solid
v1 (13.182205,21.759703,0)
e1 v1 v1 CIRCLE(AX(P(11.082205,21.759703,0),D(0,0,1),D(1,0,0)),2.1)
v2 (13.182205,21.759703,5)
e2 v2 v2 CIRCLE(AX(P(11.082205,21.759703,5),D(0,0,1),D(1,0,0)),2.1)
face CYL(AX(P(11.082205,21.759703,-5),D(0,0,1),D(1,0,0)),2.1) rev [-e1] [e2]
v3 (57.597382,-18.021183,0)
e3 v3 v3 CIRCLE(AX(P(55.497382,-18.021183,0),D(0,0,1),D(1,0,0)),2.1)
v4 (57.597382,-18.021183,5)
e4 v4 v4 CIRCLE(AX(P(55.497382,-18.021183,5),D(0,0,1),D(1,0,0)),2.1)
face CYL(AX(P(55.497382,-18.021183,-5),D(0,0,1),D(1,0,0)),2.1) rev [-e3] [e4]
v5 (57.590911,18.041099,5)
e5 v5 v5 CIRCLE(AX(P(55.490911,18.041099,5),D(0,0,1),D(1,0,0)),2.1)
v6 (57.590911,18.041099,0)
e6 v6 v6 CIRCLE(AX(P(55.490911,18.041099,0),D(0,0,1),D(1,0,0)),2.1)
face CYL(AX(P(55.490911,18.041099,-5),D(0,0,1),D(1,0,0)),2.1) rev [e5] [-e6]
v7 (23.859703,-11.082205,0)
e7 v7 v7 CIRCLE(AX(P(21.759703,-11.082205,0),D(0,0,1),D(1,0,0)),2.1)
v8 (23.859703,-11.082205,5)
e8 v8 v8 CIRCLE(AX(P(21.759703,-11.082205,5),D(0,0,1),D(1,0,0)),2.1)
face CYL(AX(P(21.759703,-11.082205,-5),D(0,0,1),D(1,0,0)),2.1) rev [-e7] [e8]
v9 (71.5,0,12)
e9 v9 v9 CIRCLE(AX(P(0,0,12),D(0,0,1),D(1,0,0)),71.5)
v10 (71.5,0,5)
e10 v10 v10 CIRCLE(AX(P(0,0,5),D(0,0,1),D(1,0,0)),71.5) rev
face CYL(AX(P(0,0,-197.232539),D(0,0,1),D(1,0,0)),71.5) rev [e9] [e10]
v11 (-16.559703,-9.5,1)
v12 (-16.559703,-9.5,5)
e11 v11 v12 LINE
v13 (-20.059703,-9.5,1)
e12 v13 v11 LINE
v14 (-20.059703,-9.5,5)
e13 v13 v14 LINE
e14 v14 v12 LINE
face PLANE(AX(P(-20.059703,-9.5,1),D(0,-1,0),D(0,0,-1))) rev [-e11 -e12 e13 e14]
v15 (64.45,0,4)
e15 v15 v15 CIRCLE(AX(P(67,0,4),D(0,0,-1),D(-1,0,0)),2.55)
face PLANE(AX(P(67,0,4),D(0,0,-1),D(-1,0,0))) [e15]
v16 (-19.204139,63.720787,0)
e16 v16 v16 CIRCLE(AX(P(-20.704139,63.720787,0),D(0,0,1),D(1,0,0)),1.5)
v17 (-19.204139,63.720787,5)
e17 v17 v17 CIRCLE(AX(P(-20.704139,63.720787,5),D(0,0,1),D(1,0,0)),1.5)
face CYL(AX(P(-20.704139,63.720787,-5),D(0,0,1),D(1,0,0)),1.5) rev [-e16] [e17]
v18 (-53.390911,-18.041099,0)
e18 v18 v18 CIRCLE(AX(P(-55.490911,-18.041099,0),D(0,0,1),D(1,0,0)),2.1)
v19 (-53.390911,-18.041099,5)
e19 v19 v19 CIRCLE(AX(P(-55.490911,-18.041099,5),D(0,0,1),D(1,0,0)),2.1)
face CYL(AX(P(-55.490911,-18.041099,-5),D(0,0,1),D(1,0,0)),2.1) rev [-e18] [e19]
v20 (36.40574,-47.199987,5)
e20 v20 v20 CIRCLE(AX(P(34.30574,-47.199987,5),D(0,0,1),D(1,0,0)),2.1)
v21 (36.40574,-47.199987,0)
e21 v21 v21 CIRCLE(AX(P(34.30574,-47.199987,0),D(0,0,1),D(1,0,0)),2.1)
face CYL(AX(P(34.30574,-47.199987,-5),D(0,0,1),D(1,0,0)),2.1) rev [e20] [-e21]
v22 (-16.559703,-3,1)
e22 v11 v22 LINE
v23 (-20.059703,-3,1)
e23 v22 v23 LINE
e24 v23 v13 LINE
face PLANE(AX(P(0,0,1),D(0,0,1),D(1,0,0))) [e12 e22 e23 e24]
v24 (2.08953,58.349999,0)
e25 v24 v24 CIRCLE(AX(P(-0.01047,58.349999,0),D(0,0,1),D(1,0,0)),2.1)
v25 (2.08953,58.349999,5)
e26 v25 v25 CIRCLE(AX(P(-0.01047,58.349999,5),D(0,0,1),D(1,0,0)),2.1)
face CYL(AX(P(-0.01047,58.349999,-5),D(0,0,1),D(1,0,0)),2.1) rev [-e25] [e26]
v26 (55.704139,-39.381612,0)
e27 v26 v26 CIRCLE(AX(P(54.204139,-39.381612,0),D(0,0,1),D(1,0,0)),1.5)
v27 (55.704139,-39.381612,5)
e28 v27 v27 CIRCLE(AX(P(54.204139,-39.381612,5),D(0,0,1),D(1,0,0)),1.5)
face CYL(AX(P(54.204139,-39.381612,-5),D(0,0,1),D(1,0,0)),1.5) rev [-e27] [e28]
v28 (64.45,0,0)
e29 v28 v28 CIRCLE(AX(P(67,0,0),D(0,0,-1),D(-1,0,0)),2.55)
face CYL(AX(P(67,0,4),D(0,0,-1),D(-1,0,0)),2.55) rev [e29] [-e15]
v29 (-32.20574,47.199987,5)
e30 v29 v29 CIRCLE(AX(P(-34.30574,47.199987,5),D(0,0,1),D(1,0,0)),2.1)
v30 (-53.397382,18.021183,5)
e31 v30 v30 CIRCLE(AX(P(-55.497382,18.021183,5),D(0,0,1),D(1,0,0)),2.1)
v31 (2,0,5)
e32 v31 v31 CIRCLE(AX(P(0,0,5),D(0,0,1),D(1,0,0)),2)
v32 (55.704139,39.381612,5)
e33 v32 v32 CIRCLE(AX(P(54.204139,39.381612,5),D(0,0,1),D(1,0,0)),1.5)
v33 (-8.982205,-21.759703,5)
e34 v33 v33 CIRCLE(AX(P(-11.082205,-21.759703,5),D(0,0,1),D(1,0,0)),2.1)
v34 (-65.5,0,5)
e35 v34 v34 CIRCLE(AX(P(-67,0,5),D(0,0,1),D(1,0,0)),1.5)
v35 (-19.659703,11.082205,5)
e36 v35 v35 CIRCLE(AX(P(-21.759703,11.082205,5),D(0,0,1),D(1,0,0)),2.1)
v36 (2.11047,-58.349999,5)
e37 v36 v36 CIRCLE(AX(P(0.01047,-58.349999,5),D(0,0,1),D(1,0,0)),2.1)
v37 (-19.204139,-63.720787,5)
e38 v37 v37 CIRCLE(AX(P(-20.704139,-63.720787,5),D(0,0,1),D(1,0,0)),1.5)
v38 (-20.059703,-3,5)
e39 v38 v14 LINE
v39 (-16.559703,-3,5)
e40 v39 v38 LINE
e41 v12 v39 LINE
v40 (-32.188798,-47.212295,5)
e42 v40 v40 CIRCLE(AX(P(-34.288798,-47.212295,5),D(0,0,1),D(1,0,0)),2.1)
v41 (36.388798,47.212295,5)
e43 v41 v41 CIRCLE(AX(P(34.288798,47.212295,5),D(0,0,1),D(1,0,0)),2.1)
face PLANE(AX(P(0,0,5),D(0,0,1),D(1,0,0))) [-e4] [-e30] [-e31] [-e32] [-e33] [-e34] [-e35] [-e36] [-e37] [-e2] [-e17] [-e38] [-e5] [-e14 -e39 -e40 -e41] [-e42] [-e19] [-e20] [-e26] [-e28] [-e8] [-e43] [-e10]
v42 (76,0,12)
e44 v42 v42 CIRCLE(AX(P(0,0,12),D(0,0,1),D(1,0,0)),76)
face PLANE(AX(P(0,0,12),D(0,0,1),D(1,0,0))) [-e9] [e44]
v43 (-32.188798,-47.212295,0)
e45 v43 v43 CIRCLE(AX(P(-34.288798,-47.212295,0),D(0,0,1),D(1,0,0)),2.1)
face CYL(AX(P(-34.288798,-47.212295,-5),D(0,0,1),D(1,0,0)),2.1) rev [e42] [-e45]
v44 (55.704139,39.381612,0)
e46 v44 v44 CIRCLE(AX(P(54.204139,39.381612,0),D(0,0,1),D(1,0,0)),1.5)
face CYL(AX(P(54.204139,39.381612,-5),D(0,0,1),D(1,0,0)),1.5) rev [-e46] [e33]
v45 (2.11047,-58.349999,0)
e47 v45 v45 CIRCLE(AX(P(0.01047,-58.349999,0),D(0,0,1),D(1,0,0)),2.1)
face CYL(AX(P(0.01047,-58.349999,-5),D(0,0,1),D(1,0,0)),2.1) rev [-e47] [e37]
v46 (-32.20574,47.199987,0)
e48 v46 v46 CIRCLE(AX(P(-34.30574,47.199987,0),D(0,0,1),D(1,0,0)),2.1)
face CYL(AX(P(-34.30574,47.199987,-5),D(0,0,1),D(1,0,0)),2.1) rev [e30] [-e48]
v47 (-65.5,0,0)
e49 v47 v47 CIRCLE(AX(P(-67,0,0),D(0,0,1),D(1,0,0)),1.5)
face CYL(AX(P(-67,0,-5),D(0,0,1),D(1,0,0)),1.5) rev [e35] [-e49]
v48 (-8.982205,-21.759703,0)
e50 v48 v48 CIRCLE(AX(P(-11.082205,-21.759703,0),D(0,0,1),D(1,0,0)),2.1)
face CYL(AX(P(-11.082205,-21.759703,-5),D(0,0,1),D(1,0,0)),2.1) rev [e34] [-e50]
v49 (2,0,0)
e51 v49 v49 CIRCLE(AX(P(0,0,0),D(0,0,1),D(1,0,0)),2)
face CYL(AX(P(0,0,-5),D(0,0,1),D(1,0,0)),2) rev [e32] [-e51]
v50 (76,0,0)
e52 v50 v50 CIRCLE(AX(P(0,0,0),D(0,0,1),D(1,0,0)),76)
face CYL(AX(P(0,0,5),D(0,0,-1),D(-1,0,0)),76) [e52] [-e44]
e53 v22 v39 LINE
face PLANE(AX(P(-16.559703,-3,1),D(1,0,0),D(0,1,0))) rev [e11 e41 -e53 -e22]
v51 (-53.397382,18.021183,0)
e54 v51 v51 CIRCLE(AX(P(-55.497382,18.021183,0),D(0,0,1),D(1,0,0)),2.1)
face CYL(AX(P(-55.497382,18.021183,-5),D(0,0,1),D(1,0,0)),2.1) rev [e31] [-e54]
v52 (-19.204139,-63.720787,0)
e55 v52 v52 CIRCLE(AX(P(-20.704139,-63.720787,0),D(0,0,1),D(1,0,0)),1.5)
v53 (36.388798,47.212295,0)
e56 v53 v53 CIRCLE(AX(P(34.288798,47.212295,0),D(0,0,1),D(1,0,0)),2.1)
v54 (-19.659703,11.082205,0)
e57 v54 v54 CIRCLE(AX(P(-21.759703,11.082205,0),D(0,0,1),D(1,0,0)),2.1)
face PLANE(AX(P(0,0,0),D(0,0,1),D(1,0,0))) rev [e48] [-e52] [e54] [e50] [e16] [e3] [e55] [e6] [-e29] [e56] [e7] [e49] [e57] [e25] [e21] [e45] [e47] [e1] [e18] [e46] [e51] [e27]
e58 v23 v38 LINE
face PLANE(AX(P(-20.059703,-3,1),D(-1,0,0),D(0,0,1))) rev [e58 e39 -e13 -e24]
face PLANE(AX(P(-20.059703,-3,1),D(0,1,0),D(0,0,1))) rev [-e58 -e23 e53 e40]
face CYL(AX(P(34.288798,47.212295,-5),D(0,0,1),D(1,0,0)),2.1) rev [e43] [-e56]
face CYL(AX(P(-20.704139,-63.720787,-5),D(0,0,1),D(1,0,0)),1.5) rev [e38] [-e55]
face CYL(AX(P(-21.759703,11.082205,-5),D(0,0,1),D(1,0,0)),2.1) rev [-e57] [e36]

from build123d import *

# Parameters (mm, degrees)
ESQUISSE1_R             = 76
BOSS_EXTRU_1_DEPTH      = 5
ESQUISSE2_R             = 2.1
ENL_V_MAT_EXTRU_1_DEPTH = 10
ESQUISSE4_R             = 1.5
ESQUISSE4_R_2           = 2
ENL_V_MAT_EXTRU_2_DEPTH = 10
ESQUISSE5_R             = 76
ESQUISSE5_R_2           = 68.5
BOSS_EXTRU_2_DEPTH      = 7
ESQUISSE6_R             = 4.5
ENL_V_MAT_EXTRU_3_DEPTH = 7
ESQUISSE7_R             = 71.5
ENL_V_MAT_EXTRU_4_DEPTH = 7
ESQUISSE8_W             = 3.5
ESQUISSE8_H             = 6.5
ENL_V_MAT_EXTRU_5_DEPTH = 4
ESQUISSE10_R            = 2.55
ENL_V_MAT_EXTRU_6_DEPTH = 4


with BuildPart() as part:
    # Esquisse1 → Boss.-Extru.1 (new body)
    with BuildSketch(Plane.XY):
        Circle(ESQUISSE1_R)
    extrude(amount=BOSS_EXTRU_1_DEPTH)

    # Esquisse2 → Enlèv. mat.-Extru.1 (cut)
    with BuildSketch(Plane.XY.offset(5)):
        with Locations((-55.497382355, 18.021183418)):
            Circle(ESQUISSE2_R)
        with Locations((-34.305739626, 47.199986533)):
            Circle(ESQUISSE2_R)
        with Locations((-0.010470369, 58.349999061)):
            Circle(ESQUISSE2_R)
        with Locations((34.288798212, 47.212295191)):
            Circle(ESQUISSE2_R)
        with Locations((55.49091131, 18.041099245)):
            Circle(ESQUISSE2_R)
        with Locations((55.497382355, -18.021183418)):
            Circle(ESQUISSE2_R)
        with Locations((34.305739626, -47.199986533)):
            Circle(ESQUISSE2_R)
        with Locations((0.010470369, -58.349999061)):
            Circle(ESQUISSE2_R)
        with Locations((-34.288798212, -47.212295191)):
            Circle(ESQUISSE2_R)
        with Locations((-55.49091131, -18.041099245)):
            Circle(ESQUISSE2_R)
        with Locations((-11.082204515, -21.759702771)):
            Circle(ESQUISSE2_R)
        with Locations((-21.759702771, 11.082204515)):
            Circle(ESQUISSE2_R)
        with Locations((11.082204515, 21.759702771)):
            Circle(ESQUISSE2_R)
        with Locations((21.759702771, -11.082204515)):
            Circle(ESQUISSE2_R)
    extrude(amount=-ENL_V_MAT_EXTRU_1_DEPTH, mode=Mode.SUBTRACT)

    # Esquisse4 → Enlèv. mat.-Extru.2 (cut)
    with BuildSketch(Plane.XY.offset(5)):
        with Locations((-20.704138623, -63.720786592)):
            Circle(ESQUISSE4_R)
        with Locations((-67, 0)):
            Circle(ESQUISSE4_R)
        with Locations((-20.704138623, 63.720786592)):
            Circle(ESQUISSE4_R)
        with Locations((54.204138623, 39.381611904)):
            Circle(ESQUISSE4_R)
        with Locations((54.204138623, -39.381611904)):
            Circle(ESQUISSE4_R)
        Circle(ESQUISSE4_R_2)
    extrude(amount=-ENL_V_MAT_EXTRU_2_DEPTH, mode=Mode.SUBTRACT)

    # Esquisse5 → Boss.-Extru.2 (add)
    with BuildSketch(Plane.XY.offset(5)):
        Circle(ESQUISSE5_R)
        with Locations(Location((0, 0, 0), (0, 0, 179.999985351))):
            Circle(ESQUISSE5_R_2, mode=Mode.SUBTRACT)
    extrude(amount=BOSS_EXTRU_2_DEPTH)

    # Esquisse6 → Enlèv. mat.-Extru.3 (cut)
    with BuildSketch(Plane.XY.offset(12)):
        with Locations((-20.704138623, 63.720786592)):
            Circle(ESQUISSE6_R)
        with Locations((54.204138623, 39.381611904)):
            Circle(ESQUISSE6_R)
        with Locations((54.204138623, -39.381611904)):
            Circle(ESQUISSE6_R)
        with Locations((-20.704138623, -63.720786592)):
            Circle(ESQUISSE6_R)
        with Locations((-67, 0)):
            Circle(ESQUISSE6_R)
    extrude(amount=-ENL_V_MAT_EXTRU_3_DEPTH, mode=Mode.SUBTRACT)

    # Esquisse7 → Enlèv. mat.-Extru.4 (cut)
    with BuildSketch(Plane.XY.offset(12)):
        Circle(ESQUISSE7_R)
    extrude(amount=-ENL_V_MAT_EXTRU_4_DEPTH, mode=Mode.SUBTRACT)

    # Esquisse8 → Enlèv. mat.-Extru.5 (cut)
    with BuildSketch(Plane.XY.offset(5)):
        with Locations((-18.309702771, -6.25)):
            Rectangle(ESQUISSE8_W, ESQUISSE8_H)
    extrude(amount=-ENL_V_MAT_EXTRU_5_DEPTH, mode=Mode.SUBTRACT)

    # Esquisse10 → Enlèv. mat.-Extru.6 (cut)
    with BuildSketch(Plane(origin=(0, 0, 0), x_dir=(-1, 0, 0), z_dir=(0, 0, -1))):
        with Locations((-67, 0)):
            Circle(ESQUISSE10_R)
    extrude(amount=-ENL_V_MAT_EXTRU_6_DEPTH, mode=Mode.SUBTRACT)


solid = part.part
